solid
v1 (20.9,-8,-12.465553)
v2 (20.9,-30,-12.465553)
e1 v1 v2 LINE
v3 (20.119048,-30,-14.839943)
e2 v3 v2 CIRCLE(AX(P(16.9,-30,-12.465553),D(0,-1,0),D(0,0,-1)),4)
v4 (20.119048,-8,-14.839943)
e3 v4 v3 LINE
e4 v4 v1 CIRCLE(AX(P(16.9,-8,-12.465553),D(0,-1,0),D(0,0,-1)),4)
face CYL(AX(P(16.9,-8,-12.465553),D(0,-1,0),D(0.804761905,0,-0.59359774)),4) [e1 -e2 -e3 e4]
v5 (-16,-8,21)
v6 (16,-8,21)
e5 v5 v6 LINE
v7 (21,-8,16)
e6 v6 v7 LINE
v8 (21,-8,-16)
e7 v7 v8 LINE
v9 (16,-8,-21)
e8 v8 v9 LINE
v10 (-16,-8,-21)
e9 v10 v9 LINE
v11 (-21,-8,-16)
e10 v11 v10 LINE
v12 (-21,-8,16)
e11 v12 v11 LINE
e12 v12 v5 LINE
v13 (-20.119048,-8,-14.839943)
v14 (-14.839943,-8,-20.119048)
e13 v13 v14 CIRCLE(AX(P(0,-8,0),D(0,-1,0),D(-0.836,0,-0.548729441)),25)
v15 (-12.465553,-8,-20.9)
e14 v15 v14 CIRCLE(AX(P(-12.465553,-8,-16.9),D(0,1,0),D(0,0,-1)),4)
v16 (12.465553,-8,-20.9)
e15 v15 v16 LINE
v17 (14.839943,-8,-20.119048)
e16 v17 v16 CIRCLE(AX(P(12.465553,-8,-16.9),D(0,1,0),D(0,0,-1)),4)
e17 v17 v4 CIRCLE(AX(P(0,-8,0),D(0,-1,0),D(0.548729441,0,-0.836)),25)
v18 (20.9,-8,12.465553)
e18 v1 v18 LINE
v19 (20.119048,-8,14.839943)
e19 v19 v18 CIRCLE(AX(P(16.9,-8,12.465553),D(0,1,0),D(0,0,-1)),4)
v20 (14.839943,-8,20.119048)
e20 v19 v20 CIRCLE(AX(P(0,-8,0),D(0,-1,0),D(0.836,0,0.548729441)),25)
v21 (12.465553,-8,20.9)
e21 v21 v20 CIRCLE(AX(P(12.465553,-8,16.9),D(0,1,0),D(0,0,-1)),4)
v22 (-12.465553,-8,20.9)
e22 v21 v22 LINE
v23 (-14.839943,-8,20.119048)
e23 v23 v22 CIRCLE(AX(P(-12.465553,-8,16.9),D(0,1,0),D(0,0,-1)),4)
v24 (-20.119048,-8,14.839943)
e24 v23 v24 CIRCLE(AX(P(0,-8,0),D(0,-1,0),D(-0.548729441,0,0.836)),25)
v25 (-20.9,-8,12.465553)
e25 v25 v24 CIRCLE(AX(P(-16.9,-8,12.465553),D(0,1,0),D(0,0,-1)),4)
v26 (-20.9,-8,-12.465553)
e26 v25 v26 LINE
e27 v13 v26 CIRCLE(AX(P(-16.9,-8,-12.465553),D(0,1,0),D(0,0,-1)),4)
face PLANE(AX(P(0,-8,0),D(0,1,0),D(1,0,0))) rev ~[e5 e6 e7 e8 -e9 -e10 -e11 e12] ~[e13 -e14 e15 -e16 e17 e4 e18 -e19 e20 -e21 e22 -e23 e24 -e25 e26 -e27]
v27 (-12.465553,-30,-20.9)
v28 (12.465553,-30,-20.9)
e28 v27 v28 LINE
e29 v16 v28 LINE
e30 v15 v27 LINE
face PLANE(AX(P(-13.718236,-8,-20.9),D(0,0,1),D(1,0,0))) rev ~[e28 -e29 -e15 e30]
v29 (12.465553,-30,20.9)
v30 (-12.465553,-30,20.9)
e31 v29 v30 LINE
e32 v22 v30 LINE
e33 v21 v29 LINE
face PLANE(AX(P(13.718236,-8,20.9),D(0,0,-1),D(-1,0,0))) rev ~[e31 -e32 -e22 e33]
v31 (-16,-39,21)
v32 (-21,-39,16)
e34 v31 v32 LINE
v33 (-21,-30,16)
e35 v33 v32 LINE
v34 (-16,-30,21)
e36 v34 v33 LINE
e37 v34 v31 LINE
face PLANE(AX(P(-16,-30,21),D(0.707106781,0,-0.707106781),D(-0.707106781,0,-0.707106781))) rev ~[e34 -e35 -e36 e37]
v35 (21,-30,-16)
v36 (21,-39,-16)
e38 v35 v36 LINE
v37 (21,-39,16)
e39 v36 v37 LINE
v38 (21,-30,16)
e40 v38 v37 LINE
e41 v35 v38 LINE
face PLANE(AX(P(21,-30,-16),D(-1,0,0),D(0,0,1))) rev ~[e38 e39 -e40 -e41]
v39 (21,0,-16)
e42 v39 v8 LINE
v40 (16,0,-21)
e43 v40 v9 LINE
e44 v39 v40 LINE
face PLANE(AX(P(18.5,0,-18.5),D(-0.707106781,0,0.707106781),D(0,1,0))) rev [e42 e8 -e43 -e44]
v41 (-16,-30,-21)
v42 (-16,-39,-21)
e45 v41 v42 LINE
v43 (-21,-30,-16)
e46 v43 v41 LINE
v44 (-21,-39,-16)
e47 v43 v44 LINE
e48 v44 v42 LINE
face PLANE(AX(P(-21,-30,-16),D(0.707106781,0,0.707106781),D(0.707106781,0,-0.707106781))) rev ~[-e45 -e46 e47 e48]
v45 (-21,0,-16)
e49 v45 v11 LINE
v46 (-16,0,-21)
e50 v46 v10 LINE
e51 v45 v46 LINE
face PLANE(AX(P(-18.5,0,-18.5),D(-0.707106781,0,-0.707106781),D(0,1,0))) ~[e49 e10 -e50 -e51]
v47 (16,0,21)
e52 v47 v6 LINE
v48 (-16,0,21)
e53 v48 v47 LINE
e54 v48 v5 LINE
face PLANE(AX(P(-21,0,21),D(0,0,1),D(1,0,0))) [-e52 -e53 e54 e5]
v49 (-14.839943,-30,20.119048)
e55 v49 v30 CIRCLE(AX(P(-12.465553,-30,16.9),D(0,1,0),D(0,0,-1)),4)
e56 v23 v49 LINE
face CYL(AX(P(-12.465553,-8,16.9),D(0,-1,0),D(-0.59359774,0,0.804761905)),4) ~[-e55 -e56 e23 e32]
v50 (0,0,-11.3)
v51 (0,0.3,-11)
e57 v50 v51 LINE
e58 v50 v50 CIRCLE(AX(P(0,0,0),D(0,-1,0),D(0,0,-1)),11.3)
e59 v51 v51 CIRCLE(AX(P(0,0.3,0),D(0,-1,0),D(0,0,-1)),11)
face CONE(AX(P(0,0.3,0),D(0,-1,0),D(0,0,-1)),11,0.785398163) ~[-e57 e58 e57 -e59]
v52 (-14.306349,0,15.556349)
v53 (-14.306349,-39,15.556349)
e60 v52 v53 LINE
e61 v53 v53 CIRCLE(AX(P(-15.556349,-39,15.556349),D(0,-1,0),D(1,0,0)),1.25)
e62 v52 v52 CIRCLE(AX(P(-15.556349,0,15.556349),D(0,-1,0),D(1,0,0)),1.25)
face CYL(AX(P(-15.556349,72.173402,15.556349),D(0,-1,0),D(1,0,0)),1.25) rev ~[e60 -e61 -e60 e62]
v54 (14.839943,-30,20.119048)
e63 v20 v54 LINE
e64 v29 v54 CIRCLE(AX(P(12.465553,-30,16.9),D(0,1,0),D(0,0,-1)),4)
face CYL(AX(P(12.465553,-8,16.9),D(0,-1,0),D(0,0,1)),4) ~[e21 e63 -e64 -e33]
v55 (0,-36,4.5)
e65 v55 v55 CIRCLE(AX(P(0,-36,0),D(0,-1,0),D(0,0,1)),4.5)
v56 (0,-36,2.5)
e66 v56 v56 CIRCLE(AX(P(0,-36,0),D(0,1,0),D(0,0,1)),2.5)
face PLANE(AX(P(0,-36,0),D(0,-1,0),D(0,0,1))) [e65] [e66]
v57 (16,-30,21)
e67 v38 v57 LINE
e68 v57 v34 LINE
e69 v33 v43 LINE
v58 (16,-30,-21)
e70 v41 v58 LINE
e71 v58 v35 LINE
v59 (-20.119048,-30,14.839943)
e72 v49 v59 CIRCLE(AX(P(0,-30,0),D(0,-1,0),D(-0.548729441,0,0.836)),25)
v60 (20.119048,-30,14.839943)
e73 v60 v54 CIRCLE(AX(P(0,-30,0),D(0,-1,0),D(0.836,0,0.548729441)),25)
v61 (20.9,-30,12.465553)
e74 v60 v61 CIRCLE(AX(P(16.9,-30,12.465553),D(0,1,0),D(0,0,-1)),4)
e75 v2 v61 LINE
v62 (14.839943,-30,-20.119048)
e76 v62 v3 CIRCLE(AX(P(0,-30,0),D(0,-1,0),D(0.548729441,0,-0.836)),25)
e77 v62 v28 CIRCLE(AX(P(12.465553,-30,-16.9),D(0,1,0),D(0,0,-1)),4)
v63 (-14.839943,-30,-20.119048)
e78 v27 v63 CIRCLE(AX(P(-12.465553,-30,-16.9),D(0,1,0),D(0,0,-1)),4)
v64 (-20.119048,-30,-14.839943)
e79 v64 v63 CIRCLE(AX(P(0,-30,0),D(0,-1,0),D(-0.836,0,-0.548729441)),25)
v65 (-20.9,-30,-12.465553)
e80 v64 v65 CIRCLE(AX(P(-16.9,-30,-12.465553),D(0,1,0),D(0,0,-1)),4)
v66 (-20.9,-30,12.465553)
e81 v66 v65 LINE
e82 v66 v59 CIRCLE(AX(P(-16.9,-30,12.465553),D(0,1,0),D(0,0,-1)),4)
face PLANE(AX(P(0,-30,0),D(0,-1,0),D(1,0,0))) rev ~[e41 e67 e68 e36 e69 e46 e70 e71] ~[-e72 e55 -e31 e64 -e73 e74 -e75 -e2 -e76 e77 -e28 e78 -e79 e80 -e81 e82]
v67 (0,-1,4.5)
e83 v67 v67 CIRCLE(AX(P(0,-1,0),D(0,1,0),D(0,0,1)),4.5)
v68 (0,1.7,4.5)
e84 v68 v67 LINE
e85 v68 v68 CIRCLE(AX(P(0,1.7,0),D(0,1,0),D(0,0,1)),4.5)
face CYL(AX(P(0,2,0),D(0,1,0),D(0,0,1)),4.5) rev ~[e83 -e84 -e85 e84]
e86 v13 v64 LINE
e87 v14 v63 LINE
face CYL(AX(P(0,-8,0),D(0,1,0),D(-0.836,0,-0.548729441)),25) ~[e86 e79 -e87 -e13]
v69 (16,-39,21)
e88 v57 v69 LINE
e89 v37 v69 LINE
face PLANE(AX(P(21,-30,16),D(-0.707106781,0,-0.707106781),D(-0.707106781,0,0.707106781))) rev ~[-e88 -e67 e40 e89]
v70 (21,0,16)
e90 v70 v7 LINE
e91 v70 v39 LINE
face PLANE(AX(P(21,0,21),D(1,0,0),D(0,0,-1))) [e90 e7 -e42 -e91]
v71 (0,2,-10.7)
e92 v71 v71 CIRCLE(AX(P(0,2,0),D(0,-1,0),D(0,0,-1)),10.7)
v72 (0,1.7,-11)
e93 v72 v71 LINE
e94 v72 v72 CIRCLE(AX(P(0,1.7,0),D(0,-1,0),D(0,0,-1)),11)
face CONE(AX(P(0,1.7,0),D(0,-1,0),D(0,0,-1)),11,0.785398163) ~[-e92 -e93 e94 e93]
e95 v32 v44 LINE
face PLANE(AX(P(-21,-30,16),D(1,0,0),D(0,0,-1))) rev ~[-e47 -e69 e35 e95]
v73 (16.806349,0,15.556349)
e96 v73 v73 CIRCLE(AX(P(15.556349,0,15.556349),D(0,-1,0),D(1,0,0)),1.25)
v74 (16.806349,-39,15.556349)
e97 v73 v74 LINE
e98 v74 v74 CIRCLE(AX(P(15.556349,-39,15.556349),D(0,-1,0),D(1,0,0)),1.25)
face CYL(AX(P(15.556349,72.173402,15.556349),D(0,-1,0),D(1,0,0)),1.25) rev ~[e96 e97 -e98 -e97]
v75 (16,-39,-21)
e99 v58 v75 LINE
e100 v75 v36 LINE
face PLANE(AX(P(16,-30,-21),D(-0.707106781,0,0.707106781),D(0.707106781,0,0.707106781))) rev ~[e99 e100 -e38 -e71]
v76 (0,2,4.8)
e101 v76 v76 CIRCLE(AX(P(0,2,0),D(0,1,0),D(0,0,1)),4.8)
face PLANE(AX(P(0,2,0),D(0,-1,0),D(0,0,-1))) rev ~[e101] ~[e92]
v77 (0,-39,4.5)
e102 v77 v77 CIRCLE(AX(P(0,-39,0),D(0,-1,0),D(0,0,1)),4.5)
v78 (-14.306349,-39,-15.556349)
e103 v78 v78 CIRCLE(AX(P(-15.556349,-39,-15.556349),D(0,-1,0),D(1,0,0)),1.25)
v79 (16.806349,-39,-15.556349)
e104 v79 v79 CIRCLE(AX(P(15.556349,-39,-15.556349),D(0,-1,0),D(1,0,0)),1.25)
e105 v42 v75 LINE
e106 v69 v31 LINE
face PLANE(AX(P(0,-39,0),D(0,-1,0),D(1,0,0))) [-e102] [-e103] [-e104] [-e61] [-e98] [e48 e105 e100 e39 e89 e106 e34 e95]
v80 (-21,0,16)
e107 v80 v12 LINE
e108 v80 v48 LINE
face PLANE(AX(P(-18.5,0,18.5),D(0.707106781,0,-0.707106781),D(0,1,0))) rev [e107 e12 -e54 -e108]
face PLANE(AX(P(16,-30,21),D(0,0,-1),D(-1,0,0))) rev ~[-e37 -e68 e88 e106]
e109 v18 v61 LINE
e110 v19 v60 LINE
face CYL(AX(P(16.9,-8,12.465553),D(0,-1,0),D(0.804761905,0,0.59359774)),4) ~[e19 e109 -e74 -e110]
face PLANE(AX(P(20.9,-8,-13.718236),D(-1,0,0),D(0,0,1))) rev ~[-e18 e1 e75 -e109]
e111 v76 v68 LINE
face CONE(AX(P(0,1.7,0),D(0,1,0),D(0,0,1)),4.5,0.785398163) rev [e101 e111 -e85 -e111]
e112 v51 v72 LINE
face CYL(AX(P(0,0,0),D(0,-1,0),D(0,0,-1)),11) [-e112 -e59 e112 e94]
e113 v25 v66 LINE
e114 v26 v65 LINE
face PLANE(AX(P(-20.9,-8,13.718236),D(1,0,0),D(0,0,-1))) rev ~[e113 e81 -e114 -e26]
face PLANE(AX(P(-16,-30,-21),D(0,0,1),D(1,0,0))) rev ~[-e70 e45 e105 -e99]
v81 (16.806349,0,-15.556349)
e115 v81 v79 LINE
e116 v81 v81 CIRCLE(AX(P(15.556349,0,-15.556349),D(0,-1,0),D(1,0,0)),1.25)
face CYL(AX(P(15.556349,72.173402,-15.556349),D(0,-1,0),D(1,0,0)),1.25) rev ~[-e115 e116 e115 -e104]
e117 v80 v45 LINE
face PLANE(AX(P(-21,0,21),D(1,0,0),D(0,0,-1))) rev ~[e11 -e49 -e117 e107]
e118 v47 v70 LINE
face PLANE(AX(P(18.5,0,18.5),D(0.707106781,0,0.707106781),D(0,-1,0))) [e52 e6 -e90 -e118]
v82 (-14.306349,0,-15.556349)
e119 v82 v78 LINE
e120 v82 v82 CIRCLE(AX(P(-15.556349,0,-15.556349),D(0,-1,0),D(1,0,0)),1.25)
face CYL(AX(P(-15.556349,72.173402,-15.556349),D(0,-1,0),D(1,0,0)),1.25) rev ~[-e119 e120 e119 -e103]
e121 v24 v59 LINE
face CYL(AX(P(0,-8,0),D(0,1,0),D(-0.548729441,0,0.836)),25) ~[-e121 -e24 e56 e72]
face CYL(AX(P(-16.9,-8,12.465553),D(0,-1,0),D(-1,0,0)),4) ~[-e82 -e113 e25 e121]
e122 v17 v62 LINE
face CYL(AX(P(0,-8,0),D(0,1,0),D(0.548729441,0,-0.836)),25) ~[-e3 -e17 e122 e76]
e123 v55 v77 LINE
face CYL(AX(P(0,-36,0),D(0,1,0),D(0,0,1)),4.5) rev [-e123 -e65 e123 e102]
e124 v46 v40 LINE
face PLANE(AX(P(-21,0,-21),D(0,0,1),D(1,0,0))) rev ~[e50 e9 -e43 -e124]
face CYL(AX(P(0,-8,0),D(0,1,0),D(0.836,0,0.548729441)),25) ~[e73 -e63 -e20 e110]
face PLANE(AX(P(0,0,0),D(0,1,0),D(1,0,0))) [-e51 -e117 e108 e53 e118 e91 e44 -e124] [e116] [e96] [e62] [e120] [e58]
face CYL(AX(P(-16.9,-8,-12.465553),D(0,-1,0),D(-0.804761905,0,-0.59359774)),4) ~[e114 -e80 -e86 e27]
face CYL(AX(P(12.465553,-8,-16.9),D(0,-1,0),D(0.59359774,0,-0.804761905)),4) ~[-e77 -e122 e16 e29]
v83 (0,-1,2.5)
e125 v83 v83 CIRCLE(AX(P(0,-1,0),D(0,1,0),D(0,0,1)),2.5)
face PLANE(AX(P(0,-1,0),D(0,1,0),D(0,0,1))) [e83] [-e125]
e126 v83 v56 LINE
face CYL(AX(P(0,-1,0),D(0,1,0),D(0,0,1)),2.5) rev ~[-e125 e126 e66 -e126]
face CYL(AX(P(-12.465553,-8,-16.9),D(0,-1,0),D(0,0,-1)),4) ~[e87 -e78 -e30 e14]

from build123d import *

# Parameters (mm, degrees)
ESQUISSE1_W             = 42
ESQUISSE1_H             = 42
BOSS_EXTRU_1_DEPTH      = 8
CHANFREIN1_SIZE         = 5
ESQUISSE2_R             = 11
BOSS_EXTRU_2_DEPTH      = 2
ESQUISSE5_R             = 4.5
ENL_V_MAT_EXTRU_1_DEPTH = 3
CHANFREIN2_SIZE         = 0.3
BOSS_EXTRU_3_DEPTH      = 22
CONG_1_R                = 4
BOSS_EXTRU_4_DEPTH      = 9
ENL_V_START             = -3
ESQUISSE8_R             = 4.5
ENL_V_MAT_EXTRU_2_DEPTH = 3
TROU_TARAUD_M31_D       = 2.5
ESQUISSE9_R             = 2.5
ENL_V_MAT_EXTRU_3_DEPTH = 49.228622207


with BuildPart() as part:
    # Esquisse1 → Boss.-Extru.1 (new body)
    with BuildSketch(Plane(origin=(0, 0, 0), x_dir=(1, 0, 0), z_dir=(0, 1, 0))):
        Rectangle(ESQUISSE1_W, ESQUISSE1_H)
    extrude(amount=-BOSS_EXTRU_1_DEPTH)

    # Chanfrein1
    chanfrein1_edges = [part.edges().sort_by_distance(p)[0] for p in [
        (-21, -4, -21),
        (21, -4, -21),
        (21, -4, 21),
        (-21, -4, 21),
    ]]
    chamfer(chanfrein1_edges, length=CHANFREIN1_SIZE)

    # Esquisse2 → Boss.-Extru.2 (add)
    with BuildSketch(Plane(origin=(0, 0, 0), x_dir=(-1, 0, 0), z_dir=(0, -1, 0))):
        with Locations(Location((0, 0, 0), (0, 0, 90))):
            Circle(ESQUISSE2_R)
    extrude(amount=-BOSS_EXTRU_2_DEPTH)

    # Esquisse5 → Enlèv. mat.-Extru.1 (cut)
    with BuildSketch(Plane(origin=(0, 2, 0), x_dir=(1, 0, 0), z_dir=(0, 1, 0))):
        with Locations(Location((0, 0, 0), (0, 0, 270))):
            Circle(ESQUISSE5_R)
    extrude(amount=-ENL_V_MAT_EXTRU_1_DEPTH, mode=Mode.SUBTRACT)

    # Chanfrein2
    chanfrein2_edges = [part.edges().sort_by_distance(p)[0] for p in [
        (0, 0, 11),
        (0, 2, 11),
        (0, 2, -4.5),
    ]]
    chamfer(chanfrein2_edges, length=CHANFREIN2_SIZE)

    # Esquisse6 → Boss.-Extru.3 (add)
    with BuildSketch(Plane.XZ.offset(8)):
        with BuildLine():
            Line((20.9, -13.718236038), (20.9, 13.718236038))
            ThreePointArc((20.9, 13.718236038), (17.67766953, 17.67766953), (13.718236038, 20.9))
            Line((13.718236038, 20.9), (-13.718236038, 20.9))
            ThreePointArc((-13.718236038, 20.9), (-17.67766953, 17.67766953), (-20.9, 13.718236038))
            Line((-20.9, 13.718236038), (-20.9, -13.718236038))
            ThreePointArc((-20.9, -13.718236038), (-17.67766953, -17.67766953), (-13.718236038, -20.9))
            Line((-13.718236038, -20.9), (13.718236038, -20.9))
            ThreePointArc((13.718236038, -20.9), (17.67766953, -17.67766953), (20.9, -13.718236038))
        make_face()
    extrude(amount=BOSS_EXTRU_3_DEPTH)

    # Congé1
    cong_1_edges = [part.edges().sort_by_distance(p)[0] for p in [
        (13.718236038, -19, -20.9),
        (20.9, -19, -13.718236038),
        (20.9, -19, 13.718236038),
        (13.718236038, -19, 20.9),
        (-13.718236038, -19, 20.9),
        (-20.9, -19, 13.718236038),
        (-20.9, -19, -13.718236038),
        (-13.718236038, -19, -20.9),
    ]]
    fillet(cong_1_edges, radius=CONG_1_R)

    # Esquisse7 → Boss.-Extru.4 (add)
    with BuildSketch(Plane.XZ.offset(30)):
        Polygon((-16, -21), (16, -21), (21, -16), (21, 16), (16, 21), (-16, 21), (-21, 16), (-21, -16), align=None)
    extrude(amount=BOSS_EXTRU_4_DEPTH)

    # Esquisse8 → Enlèv. mat.-Extru.2 (cut)
    with BuildSketch(Plane.XZ.offset(39).offset(ENL_V_START)):
        with Locations(Location((0, 0, 0), (0, 0, 90))):
            Circle(ESQUISSE8_R)
    extrude(amount=ENL_V_MAT_EXTRU_2_DEPTH, mode=Mode.SUBTRACT)

    # Trou taraudé M31 (through all)
    with Locations(Plane(origin=(-18.160222152, 0, -3.642693465), x_dir=(-1, 0, 0), z_dir=(0, 1, 0))):
        with Locations((-33.716571339, 19.199042651), (-33.716571339, -11.913655721), (-2.603872966, -11.913655721), (-2.603872966, 19.199042651)):
            Hole(TROU_TARAUD_M31_D / 2)

    # Esquisse9 → Enlèv. mat.-Extru.3 (cut, through all)
    with BuildSketch(Plane(origin=(0, -1, 0), x_dir=(1, 0, 0), z_dir=(0, 1, 0))):
        with Locations(Location((0, 0, 0), (0, 0, 270))):
            Circle(ESQUISSE9_R)
    extrude(amount=-ENL_V_MAT_EXTRU_3_DEPTH, mode=Mode.SUBTRACT)


solid = part.part
